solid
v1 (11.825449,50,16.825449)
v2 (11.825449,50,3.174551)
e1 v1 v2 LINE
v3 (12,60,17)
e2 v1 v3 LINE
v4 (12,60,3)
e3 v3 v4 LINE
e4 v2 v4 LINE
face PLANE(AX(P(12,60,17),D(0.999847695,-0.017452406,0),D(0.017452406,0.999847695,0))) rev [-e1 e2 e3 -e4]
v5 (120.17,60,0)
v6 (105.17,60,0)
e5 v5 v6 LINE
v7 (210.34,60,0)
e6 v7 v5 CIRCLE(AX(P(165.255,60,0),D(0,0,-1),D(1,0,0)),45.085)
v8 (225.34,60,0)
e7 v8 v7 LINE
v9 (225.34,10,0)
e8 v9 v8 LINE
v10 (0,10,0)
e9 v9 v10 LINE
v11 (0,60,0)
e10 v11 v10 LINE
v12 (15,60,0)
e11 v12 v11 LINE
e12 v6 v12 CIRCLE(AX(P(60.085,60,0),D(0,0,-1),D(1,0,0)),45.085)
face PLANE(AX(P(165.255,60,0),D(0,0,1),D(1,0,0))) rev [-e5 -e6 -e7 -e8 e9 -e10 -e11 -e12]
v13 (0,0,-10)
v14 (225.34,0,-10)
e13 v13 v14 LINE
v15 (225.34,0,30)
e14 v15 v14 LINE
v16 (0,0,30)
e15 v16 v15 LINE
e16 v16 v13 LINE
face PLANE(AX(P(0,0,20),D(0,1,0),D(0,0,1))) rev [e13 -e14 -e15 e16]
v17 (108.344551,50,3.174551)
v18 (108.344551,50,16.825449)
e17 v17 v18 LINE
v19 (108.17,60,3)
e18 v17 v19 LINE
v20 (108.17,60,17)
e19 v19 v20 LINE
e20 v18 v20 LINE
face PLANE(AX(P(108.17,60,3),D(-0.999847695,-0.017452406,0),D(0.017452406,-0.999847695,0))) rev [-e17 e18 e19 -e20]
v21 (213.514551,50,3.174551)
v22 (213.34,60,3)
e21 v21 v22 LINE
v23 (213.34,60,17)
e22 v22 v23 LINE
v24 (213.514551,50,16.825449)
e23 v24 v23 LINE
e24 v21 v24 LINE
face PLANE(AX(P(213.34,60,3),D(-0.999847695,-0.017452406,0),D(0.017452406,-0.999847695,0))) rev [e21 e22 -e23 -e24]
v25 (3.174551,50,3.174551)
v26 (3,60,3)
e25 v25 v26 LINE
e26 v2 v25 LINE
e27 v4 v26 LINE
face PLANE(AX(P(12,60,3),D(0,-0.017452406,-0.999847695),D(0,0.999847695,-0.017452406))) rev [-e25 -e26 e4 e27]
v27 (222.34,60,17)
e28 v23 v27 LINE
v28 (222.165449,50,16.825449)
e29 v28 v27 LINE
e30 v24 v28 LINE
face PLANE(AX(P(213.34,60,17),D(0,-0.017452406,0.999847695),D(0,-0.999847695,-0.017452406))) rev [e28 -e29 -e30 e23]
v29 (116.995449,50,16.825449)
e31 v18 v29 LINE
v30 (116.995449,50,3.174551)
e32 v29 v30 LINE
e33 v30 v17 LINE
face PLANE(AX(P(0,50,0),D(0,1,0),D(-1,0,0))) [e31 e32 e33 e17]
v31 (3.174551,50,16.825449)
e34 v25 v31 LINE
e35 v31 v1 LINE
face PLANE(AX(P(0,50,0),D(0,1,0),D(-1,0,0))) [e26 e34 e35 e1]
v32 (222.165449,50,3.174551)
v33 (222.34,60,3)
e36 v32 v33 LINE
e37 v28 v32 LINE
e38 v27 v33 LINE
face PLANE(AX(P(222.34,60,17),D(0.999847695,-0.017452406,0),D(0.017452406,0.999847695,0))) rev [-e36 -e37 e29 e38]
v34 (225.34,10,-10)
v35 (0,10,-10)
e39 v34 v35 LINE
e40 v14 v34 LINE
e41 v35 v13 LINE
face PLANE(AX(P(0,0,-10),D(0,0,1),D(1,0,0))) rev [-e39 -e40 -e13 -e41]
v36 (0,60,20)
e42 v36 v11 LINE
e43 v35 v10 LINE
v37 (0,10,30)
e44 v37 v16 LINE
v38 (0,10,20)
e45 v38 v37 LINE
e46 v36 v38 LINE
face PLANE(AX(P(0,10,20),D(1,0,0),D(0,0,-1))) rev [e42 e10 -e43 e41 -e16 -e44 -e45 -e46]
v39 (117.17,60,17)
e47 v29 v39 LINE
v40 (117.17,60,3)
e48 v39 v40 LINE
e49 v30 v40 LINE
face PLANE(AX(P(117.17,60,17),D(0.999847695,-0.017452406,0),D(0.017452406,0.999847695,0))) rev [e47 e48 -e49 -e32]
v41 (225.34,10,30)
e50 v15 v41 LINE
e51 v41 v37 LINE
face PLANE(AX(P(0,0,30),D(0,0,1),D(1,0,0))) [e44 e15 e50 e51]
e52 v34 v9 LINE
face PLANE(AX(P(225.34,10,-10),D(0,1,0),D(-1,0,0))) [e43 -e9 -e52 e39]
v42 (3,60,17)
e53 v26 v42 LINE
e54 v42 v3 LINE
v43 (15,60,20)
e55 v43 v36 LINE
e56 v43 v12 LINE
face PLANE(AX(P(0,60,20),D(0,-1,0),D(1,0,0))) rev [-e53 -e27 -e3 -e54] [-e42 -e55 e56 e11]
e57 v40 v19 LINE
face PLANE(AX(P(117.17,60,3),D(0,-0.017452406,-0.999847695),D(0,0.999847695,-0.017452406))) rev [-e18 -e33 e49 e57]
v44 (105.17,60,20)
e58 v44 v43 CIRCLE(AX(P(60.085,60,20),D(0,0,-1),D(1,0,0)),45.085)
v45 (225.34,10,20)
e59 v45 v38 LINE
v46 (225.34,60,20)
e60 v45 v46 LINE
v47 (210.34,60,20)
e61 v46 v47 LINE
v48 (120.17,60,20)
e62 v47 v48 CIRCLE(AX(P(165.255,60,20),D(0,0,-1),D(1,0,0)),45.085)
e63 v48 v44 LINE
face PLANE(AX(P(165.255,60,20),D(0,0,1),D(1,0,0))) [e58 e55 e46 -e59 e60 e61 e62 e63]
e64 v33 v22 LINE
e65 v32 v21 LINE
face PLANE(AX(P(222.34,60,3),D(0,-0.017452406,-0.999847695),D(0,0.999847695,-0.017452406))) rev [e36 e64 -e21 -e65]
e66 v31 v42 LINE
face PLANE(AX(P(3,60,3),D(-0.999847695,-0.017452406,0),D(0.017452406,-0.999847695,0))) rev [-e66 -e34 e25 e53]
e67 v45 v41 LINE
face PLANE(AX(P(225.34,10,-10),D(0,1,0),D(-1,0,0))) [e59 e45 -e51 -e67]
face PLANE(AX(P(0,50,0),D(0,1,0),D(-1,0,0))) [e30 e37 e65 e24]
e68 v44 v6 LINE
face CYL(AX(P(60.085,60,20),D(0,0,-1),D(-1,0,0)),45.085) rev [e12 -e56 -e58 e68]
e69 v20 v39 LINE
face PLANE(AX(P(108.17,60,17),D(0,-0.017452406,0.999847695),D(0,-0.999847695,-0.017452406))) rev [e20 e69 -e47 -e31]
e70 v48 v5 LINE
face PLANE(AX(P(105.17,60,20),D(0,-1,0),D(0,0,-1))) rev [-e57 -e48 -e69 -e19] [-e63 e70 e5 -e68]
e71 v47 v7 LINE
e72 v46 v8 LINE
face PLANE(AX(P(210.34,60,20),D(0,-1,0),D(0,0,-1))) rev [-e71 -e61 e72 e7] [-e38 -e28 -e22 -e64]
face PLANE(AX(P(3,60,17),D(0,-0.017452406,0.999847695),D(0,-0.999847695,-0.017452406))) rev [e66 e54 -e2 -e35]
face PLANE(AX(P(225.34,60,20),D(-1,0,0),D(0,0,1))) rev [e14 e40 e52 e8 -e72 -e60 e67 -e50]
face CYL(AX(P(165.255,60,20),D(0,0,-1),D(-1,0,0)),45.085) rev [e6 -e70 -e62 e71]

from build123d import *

# Parameters (mm, degrees)
BOSS_EXTRUDE2_DEPTH      = 20
SKETCH8_W                = 9
SKETCH8_H                = 14
CUT_EXTRUDE1_DEPTH       = 10
CUT_EXTRUDE1_TAPER       = 1
BOSS_EXTRUDE3_START      = -10
SKETCH9_W                = 225.34
SKETCH9_H                = 10
BOSS_EXTRUDE3_DEPTH      = 20
BOSS_EXTRUDE3_DEPTH_BACK = 20


with BuildPart() as part:
    # Sketch7 → Boss-Extrude2 (new body)
    with BuildSketch(Plane.XY):
        with BuildLine():
            Line((0, 10), (0, 60))
            Line((0, 60), (15, 60))
            ThreePointArc((15, 60), (60.085, 14.915), (105.17, 60))
            Line((105.17, 60), (120.17, 60))
            ThreePointArc((120.17, 60), (165.255, 14.915), (210.34, 60))
            Line((210.34, 60), (225.34, 60))
            Line((225.34, 60), (225.34, 0))
            Line((225.34, 0), (0, 0))
            Line((0, 0), (0, 10))
        make_face()
    extrude(amount=BOSS_EXTRUDE2_DEPTH)

    # Sketch8 → Cut-Extrude1 (cut)
    with BuildSketch(Plane(origin=(0, 60, 0), x_dir=(1, 0, 0), z_dir=(0, 1, 0))):
        with Locations((7.5, -10)):
            Rectangle(SKETCH8_W, SKETCH8_H)
        with Locations((217.84, -10)):
            Rectangle(SKETCH8_W, SKETCH8_H)
        with Locations((112.67, -10)):
            Rectangle(SKETCH8_W, SKETCH8_H)
    extrude(amount=-CUT_EXTRUDE1_DEPTH, taper=CUT_EXTRUDE1_TAPER, mode=Mode.SUBTRACT)

    # Sketch9 → Boss-Extrude3 (add, two sides)
    with BuildSketch(Plane.XY.offset(20).offset(BOSS_EXTRUDE3_START)) as boss_extrude3_sk:
        with Locations((112.67, 5)):
            Rectangle(SKETCH9_W, SKETCH9_H)
    extrude(amount=BOSS_EXTRUDE3_DEPTH)
    extrude(boss_extrude3_sk.sketch, amount=-BOSS_EXTRUDE3_DEPTH_BACK)


solid = part.part
